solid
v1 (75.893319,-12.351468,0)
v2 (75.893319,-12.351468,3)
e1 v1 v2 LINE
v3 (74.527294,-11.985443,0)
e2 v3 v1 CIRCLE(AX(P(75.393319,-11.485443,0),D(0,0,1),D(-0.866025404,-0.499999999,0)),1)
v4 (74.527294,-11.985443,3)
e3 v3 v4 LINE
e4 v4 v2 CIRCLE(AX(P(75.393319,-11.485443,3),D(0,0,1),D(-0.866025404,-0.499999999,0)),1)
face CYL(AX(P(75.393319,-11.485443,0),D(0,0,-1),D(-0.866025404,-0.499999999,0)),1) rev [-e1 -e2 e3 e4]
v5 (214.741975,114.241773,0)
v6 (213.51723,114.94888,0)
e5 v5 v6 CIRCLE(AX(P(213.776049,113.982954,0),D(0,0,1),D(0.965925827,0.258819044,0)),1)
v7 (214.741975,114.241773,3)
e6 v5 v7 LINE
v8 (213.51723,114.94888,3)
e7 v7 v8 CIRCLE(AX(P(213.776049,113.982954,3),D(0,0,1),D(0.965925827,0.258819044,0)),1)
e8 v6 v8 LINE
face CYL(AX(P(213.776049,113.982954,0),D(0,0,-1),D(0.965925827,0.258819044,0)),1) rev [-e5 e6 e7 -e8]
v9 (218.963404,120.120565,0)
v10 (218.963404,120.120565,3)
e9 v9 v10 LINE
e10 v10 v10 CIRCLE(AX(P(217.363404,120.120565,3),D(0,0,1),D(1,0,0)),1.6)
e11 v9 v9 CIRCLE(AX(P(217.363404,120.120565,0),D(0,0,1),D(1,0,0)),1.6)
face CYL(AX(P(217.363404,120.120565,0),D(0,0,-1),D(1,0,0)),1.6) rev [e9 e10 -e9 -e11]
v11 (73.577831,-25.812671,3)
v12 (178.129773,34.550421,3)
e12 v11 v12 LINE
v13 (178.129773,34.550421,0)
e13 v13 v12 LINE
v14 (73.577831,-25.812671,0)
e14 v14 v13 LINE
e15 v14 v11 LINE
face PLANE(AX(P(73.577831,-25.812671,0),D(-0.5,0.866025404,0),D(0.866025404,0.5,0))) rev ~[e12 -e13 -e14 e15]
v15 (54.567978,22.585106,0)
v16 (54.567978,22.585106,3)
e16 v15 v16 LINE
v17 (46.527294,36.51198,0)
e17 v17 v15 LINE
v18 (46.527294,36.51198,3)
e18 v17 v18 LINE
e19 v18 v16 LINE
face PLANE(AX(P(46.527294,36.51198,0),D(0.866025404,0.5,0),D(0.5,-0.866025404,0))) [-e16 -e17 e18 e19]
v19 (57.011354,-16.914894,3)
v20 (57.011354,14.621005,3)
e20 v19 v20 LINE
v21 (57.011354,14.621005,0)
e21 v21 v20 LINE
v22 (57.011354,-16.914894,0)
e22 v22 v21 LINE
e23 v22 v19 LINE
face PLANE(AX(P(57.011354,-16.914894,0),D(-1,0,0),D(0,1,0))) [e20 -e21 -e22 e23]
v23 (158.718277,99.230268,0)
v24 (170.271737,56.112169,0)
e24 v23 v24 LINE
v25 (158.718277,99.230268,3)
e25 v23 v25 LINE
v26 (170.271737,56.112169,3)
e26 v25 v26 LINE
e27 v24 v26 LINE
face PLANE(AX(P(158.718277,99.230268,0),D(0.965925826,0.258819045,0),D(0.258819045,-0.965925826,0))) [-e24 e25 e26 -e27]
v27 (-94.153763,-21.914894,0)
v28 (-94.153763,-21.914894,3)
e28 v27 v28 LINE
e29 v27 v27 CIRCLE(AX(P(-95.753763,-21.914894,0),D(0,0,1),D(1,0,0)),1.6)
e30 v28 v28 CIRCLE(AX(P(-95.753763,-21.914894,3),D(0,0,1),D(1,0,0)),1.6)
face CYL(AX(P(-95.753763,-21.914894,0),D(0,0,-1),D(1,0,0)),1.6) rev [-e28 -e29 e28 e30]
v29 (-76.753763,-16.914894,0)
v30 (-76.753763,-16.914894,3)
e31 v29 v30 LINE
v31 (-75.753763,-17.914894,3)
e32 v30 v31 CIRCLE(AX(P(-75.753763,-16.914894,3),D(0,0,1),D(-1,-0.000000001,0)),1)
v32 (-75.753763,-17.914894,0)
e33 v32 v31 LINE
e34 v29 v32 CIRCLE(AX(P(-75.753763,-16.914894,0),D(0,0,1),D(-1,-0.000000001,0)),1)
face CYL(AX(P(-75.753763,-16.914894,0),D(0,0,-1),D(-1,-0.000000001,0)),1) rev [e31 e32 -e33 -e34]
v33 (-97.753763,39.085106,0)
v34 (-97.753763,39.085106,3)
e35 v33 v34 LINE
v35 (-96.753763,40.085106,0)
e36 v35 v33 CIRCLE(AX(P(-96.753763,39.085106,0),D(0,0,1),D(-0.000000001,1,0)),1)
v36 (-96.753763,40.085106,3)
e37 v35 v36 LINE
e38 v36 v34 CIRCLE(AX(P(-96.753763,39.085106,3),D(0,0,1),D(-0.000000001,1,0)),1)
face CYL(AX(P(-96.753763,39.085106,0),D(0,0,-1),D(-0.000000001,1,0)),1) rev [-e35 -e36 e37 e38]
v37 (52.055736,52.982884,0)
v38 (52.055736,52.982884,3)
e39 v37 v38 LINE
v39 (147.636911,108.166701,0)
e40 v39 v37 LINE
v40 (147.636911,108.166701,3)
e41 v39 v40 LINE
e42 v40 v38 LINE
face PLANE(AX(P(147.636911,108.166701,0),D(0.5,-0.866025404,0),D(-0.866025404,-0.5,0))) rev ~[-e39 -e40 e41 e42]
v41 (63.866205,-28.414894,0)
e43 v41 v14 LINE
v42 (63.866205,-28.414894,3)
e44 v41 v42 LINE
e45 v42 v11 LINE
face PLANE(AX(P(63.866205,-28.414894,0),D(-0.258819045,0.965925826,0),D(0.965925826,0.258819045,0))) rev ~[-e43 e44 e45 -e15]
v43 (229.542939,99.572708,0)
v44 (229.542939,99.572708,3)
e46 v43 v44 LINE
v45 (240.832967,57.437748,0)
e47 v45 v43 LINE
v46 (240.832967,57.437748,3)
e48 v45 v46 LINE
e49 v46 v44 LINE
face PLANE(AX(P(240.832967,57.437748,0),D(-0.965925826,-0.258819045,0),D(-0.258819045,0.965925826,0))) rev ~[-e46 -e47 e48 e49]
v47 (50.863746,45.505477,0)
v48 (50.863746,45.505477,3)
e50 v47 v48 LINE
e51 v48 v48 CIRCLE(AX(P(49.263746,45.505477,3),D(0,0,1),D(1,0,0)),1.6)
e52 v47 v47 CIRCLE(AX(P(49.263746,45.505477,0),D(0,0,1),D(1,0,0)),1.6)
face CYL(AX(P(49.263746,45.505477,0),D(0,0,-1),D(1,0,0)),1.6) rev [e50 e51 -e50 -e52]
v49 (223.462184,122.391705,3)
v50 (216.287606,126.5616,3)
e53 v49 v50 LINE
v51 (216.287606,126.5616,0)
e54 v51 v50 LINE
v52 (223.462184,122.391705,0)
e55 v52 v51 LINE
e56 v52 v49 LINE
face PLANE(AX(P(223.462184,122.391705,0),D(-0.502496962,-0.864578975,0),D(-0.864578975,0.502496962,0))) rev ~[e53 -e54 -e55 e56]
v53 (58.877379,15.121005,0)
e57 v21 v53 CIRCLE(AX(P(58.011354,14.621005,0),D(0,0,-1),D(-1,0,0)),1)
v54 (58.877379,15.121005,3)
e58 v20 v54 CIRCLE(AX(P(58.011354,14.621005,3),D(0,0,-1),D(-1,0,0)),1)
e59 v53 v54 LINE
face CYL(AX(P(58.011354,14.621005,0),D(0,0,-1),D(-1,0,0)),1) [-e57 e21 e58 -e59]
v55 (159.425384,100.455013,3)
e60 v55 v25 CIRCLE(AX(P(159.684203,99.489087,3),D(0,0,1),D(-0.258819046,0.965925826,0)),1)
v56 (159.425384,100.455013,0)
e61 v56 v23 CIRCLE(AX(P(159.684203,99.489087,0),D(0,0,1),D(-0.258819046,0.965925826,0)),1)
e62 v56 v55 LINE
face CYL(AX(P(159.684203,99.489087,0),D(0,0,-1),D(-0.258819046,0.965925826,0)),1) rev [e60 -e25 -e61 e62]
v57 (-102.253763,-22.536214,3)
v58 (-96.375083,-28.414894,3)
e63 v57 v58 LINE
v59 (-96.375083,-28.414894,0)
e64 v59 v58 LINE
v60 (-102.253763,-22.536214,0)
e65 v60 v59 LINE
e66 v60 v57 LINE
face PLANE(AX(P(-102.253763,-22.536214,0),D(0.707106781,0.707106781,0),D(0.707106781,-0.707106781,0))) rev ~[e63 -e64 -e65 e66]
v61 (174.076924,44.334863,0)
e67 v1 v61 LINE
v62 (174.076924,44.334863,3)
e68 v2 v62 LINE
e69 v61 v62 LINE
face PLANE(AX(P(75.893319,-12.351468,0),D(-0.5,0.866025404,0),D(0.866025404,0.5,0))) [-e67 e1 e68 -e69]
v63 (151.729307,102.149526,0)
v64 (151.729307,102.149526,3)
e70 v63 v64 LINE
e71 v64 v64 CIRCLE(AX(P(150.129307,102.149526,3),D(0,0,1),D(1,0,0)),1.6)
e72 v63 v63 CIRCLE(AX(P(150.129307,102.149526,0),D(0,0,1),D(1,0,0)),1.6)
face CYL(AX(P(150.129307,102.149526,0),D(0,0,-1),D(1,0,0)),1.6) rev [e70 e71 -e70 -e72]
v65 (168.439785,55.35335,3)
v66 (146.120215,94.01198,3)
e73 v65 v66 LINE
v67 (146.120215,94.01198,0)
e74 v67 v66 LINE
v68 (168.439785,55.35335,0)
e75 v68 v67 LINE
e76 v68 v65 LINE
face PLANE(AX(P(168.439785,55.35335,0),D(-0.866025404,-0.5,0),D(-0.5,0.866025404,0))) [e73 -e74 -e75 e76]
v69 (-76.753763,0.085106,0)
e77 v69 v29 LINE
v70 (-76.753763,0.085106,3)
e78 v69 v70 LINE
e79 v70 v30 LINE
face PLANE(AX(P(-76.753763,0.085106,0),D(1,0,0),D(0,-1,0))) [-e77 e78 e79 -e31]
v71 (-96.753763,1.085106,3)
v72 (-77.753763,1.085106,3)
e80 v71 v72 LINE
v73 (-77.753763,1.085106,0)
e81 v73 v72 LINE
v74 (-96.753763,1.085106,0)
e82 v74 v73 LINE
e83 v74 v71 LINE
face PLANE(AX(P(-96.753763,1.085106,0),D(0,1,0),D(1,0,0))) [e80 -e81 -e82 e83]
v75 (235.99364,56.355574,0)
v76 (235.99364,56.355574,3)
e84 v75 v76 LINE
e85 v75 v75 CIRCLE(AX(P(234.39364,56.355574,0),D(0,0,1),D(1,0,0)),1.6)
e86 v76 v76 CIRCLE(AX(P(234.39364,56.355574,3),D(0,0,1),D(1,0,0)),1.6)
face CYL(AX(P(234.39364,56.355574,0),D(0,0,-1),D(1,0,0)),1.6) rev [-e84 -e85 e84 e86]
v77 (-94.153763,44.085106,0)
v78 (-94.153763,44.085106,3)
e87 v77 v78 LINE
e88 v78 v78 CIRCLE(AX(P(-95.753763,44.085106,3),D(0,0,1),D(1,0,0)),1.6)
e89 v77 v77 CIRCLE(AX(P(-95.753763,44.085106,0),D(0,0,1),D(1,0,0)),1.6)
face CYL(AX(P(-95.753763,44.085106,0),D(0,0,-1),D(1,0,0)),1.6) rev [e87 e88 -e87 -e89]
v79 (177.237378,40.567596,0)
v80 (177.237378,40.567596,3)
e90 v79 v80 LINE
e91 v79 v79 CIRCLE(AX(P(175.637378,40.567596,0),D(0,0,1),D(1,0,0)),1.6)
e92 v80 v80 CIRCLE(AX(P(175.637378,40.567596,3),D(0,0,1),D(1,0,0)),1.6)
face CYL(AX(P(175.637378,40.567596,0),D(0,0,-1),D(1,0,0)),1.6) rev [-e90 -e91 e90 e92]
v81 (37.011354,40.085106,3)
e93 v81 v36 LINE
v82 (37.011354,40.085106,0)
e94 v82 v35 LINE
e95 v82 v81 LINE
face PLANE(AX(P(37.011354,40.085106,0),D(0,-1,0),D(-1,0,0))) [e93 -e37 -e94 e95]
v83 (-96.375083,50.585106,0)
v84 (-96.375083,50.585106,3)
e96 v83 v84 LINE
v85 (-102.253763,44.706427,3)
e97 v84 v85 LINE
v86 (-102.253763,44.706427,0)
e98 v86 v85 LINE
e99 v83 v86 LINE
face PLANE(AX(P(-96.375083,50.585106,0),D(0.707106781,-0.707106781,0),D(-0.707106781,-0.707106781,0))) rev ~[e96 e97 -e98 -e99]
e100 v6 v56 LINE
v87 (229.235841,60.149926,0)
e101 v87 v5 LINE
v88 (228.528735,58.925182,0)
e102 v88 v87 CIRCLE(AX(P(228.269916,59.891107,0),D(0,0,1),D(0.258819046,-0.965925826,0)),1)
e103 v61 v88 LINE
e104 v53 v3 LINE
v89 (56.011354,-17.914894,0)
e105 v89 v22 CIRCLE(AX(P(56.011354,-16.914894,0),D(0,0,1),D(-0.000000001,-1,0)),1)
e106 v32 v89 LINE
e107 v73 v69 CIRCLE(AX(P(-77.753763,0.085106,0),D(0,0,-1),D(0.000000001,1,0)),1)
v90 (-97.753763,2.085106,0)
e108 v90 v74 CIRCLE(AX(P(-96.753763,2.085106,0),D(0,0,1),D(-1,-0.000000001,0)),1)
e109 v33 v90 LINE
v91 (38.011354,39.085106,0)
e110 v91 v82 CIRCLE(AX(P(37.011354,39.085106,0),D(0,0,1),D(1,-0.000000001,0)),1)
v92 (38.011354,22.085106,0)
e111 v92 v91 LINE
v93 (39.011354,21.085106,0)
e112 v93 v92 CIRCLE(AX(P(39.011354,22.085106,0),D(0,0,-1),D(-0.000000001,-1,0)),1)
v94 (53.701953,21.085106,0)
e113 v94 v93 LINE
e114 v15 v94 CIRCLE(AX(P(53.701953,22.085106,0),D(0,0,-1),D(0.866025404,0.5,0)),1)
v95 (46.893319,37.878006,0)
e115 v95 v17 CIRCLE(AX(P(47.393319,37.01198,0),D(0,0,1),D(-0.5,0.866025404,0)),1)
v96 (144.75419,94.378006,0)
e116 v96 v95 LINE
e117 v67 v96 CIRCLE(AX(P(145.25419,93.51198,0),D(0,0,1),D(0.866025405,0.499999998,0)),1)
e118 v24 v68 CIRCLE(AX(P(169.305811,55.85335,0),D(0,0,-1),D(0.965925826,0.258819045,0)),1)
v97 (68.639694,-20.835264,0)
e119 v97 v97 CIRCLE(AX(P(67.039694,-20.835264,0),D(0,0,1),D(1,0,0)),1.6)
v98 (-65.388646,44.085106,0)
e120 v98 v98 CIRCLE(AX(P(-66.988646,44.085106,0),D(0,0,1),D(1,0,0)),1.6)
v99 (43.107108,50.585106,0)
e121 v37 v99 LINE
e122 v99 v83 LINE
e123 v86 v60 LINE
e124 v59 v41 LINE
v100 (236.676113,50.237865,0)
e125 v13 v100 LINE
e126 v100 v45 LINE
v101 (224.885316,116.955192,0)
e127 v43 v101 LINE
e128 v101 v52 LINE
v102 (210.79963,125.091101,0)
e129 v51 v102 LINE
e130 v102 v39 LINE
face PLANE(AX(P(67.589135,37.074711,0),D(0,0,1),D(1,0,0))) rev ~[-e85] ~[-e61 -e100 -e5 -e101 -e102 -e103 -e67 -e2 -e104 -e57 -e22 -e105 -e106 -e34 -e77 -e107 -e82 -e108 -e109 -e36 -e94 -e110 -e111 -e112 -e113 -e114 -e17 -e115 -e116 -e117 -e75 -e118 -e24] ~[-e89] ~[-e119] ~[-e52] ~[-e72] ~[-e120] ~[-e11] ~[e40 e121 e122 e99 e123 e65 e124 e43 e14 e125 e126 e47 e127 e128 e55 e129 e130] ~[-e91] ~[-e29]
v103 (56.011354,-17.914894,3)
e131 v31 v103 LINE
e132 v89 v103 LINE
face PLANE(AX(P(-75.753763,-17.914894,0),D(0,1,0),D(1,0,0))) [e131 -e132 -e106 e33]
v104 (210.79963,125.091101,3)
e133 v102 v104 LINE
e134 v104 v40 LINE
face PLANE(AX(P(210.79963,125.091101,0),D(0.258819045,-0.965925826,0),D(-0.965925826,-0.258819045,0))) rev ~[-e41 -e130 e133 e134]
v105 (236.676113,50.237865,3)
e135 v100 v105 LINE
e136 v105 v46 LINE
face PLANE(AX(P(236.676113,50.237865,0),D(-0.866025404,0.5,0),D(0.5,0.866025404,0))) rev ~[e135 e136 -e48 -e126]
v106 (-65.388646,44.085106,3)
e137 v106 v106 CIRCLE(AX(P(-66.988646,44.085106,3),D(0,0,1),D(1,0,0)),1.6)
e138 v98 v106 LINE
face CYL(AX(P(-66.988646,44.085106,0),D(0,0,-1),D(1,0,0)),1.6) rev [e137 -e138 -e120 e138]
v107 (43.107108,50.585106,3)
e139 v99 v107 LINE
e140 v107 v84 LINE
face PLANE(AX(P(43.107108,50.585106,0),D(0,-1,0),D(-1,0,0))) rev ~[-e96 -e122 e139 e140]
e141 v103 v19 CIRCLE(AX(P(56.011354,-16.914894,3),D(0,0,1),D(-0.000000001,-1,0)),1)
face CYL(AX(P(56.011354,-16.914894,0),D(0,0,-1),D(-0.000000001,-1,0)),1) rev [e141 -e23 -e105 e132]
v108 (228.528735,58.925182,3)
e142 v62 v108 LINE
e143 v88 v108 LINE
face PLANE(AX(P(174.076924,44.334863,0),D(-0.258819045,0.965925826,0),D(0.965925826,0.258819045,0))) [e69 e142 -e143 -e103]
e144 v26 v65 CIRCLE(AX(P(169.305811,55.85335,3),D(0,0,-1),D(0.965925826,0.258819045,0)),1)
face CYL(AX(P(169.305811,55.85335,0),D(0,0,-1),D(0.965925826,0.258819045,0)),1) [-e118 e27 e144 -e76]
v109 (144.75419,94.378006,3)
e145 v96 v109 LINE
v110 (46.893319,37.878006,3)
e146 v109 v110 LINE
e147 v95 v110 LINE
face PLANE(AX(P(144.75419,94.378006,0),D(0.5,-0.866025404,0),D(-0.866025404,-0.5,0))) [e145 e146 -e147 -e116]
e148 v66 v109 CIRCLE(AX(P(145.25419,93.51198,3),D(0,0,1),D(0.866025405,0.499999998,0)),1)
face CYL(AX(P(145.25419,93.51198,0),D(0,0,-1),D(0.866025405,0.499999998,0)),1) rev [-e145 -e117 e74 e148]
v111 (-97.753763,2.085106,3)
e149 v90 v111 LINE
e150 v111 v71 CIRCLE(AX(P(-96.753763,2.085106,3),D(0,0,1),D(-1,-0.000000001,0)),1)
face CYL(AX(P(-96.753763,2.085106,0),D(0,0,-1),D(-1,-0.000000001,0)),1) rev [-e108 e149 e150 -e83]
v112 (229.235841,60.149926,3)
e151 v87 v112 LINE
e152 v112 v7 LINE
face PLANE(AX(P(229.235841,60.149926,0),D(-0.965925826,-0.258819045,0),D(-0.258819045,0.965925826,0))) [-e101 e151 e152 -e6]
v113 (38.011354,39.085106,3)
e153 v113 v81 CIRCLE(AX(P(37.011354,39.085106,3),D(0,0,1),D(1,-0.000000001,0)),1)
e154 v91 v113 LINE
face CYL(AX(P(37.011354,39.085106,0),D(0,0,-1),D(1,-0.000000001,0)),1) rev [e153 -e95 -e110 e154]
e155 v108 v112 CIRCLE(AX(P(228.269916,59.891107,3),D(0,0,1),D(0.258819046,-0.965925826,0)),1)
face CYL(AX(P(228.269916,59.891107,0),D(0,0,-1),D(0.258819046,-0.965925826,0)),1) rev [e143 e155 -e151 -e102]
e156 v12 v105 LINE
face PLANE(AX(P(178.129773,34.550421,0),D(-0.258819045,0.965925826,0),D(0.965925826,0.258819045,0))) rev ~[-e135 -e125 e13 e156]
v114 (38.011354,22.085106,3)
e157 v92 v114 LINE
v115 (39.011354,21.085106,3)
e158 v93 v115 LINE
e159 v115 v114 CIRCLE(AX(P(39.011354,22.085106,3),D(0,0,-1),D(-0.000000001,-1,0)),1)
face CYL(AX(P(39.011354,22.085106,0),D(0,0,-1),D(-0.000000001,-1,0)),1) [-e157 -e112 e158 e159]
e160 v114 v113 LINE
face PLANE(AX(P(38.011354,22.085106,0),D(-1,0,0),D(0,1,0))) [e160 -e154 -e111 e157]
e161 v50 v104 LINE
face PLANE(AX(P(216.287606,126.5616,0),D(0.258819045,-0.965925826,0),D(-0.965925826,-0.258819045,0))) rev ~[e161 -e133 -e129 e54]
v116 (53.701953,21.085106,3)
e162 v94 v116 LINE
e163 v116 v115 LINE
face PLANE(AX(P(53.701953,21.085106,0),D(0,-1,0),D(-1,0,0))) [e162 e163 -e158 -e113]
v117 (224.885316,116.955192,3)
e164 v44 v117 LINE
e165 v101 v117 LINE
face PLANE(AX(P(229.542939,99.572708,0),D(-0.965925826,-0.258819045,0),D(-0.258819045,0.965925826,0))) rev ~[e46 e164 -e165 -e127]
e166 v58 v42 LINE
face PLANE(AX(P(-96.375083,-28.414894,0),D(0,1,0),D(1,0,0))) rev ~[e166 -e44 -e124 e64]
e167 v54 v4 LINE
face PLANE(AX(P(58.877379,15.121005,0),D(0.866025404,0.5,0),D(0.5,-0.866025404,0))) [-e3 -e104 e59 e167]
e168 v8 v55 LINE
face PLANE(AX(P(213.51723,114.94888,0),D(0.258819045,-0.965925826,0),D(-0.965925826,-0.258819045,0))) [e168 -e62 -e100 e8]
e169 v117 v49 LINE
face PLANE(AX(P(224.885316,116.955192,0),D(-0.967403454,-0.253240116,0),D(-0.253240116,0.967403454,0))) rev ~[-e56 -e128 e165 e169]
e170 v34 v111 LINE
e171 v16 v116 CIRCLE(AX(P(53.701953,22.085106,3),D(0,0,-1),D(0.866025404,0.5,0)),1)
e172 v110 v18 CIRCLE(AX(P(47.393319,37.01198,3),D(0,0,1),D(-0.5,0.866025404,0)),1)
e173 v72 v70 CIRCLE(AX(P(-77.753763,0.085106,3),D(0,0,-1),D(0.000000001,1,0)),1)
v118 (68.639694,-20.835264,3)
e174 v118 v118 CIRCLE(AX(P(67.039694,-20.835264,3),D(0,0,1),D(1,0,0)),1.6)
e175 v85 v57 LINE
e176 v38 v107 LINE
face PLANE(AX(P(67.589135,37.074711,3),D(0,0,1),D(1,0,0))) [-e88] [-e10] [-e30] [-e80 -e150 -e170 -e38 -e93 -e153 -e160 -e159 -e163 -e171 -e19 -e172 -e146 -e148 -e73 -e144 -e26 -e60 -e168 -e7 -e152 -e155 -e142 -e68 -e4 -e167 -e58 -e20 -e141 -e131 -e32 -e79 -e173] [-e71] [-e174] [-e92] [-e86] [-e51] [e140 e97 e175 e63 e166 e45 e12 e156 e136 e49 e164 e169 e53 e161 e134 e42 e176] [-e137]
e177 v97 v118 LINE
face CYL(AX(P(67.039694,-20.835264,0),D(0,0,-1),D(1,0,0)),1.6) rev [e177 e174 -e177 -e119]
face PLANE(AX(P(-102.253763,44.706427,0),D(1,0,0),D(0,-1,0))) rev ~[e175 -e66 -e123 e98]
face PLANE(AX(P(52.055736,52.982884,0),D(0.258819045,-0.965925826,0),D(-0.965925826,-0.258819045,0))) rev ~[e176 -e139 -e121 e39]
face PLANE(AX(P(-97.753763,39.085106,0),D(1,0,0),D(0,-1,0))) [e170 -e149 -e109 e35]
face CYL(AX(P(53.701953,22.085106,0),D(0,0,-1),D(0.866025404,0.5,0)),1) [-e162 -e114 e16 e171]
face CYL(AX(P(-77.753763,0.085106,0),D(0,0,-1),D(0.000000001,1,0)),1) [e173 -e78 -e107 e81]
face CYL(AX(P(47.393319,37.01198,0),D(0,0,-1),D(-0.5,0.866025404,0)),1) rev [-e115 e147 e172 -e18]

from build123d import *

# Parameters (mm, degrees)
ESQUISSE1_R        = 1.6
BOSS_EXTRU_1_DEPTH = 3


with BuildPart() as part:
    # Esquisse1 → Boss.-Extru.1 (new body)
    with BuildSketch(Plane.XY):
        Polygon((-75.988646329, 50.585106383), (-96.375082906, 50.585106383), (-102.253762562, 44.706426727), (-102.253762562, 35.79522772), (-102.253762562, -22.536213961), (-96.375082906, -28.414893617), (63.866204609, -28.414893617), (73.57783127, -25.812671096), (178.129773206, 34.550420725), (236.676113061, 50.237865209), (240.83296731, 57.437747969), (229.542938833, 99.572707865), (224.885316316, 116.95519174), (223.46218398, 122.391704558), (216.287606244, 126.561599525), (210.79963, 125.091100722), (147.636911389, 108.166701279), (52.055735868, 52.982883862), (43.107108491, 50.585106383), align=None)
        with Locations((-95.753762562, 44.085106383)):
            Circle(ESQUISSE1_R, mode=Mode.SUBTRACT)
        with Locations((-66.988646329, 44.085106383)):
            Circle(ESQUISSE1_R, mode=Mode.SUBTRACT)
        with Locations((-95.753762562, -21.914893617)):
            Circle(ESQUISSE1_R, mode=Mode.SUBTRACT)
        with Locations((49.263745973, 45.505477252)):
            Circle(ESQUISSE1_R, mode=Mode.SUBTRACT)
        with Locations((67.039694146, -20.835264486)):
            Circle(ESQUISSE1_R, mode=Mode.SUBTRACT)
        with Locations((175.637377655, 40.567595866)):
            Circle(ESQUISSE1_R, mode=Mode.SUBTRACT)
        with Locations((234.393639901, 56.355573542)):
            Circle(ESQUISSE1_R, mode=Mode.SUBTRACT)
        with Locations((217.363403759, 120.120565138)):
            Circle(ESQUISSE1_R, mode=Mode.SUBTRACT)
        with Locations((150.12930694, 102.149526137)):
            Circle(ESQUISSE1_R, mode=Mode.SUBTRACT)
        with BuildLine():
            Line((-97.753762562, 39.085106383), (-97.753762562, 2.085106383))
            ThreePointArc((-97.753762562, 2.085106383), (-97.460869343, 1.377999602), (-96.753762562, 1.085106383))
            Line((-96.753762562, 1.085106383), (-77.753762562, 1.085106383))
            ThreePointArc((-77.753762562, 1.085106383), (-77.046655781, 0.792213164), (-76.753762562, 0.085106383))
            Line((-76.753762562, 0.085106383), (-76.753762562, -16.914893617))
            ThreePointArc((-76.753762562, -16.914893617), (-76.460869343, -17.622000398), (-75.753762562, -17.914893617))
            Line((-75.753762562, -17.914893617), (56.011353671, -17.914893617))
            ThreePointArc((56.011353671, -17.914893617), (56.718460453, -17.622000398), (57.011353671, -16.914893617))
            Line((57.011353671, -16.914893617), (57.011353671, 14.621004768))
            ThreePointArc((57.011353671, 14.621004768), (57.752534626, 15.586930594), (58.877379075, 15.121004768))
            Line((58.877379075, 15.121004768), (74.527293708, -11.98544251))
            ThreePointArc((74.527293708, -11.98544251), (75.134500067, -12.451368337), (75.893319112, -12.351467914))
            Line((75.893319112, -12.351467914), (174.076924484, 44.334863077))
            Line((174.076924484, 44.334863077), (228.528734589, 58.925181621))
            ThreePointArc((228.528734589, 58.925181621), (229.135940948, 59.391107448), (229.235841371, 60.149926493))
            Line((229.235841371, 60.149926493), (214.741974845, 114.241772765))
            ThreePointArc((214.741974845, 114.241772765), (214.276049019, 114.848979124), (213.517229973, 114.948879546))
            Line((213.517229973, 114.948879546), (159.425383701, 100.45501302))
            ThreePointArc((159.425383701, 100.45501302), (158.818177343, 99.989087194), (158.71827692, 99.230268149))
            Line((158.71827692, 99.230268149), (170.271736655, 56.112169417))
            ThreePointArc((170.271736655, 56.112169417), (169.688494261, 54.929470839), (168.439785425, 55.353350371))
            Line((168.439785425, 55.353350371), (146.120215143, 94.011980101))
            ThreePointArc((146.120215143, 94.011980101), (145.513008785, 94.477905928), (144.75418974, 94.378005505))
            Line((144.75418974, 94.378005505), (46.893319112, 37.878005505))
            ThreePointArc((46.893319112, 37.878005505), (46.427393286, 37.270799147), (46.527293708, 36.511980101))
            Line((46.527293708, 36.511980101), (54.567977999, 22.585106383))
            ThreePointArc((54.567977999, 22.585106383), (54.567977999, 21.585106383), (53.701952595, 21.085106383))
            Line((53.701952595, 21.085106383), (39.011353671, 21.085106383))
            ThreePointArc((39.011353671, 21.085106383), (38.30424689, 21.377999602), (38.011353671, 22.085106383))
            Line((38.011353671, 22.085106383), (38.011353671, 39.085106383))
            ThreePointArc((38.011353671, 39.085106383), (37.718460453, 39.792213164), (37.011353671, 40.085106383))
            Line((37.011353671, 40.085106383), (-96.753762562, 40.085106383))
            ThreePointArc((-96.753762562, 40.085106383), (-97.460869343, 39.792213164), (-97.753762562, 39.085106383))
        make_face(mode=Mode.SUBTRACT)
    extrude(amount=BOSS_EXTRU_1_DEPTH)


solid = part.part
